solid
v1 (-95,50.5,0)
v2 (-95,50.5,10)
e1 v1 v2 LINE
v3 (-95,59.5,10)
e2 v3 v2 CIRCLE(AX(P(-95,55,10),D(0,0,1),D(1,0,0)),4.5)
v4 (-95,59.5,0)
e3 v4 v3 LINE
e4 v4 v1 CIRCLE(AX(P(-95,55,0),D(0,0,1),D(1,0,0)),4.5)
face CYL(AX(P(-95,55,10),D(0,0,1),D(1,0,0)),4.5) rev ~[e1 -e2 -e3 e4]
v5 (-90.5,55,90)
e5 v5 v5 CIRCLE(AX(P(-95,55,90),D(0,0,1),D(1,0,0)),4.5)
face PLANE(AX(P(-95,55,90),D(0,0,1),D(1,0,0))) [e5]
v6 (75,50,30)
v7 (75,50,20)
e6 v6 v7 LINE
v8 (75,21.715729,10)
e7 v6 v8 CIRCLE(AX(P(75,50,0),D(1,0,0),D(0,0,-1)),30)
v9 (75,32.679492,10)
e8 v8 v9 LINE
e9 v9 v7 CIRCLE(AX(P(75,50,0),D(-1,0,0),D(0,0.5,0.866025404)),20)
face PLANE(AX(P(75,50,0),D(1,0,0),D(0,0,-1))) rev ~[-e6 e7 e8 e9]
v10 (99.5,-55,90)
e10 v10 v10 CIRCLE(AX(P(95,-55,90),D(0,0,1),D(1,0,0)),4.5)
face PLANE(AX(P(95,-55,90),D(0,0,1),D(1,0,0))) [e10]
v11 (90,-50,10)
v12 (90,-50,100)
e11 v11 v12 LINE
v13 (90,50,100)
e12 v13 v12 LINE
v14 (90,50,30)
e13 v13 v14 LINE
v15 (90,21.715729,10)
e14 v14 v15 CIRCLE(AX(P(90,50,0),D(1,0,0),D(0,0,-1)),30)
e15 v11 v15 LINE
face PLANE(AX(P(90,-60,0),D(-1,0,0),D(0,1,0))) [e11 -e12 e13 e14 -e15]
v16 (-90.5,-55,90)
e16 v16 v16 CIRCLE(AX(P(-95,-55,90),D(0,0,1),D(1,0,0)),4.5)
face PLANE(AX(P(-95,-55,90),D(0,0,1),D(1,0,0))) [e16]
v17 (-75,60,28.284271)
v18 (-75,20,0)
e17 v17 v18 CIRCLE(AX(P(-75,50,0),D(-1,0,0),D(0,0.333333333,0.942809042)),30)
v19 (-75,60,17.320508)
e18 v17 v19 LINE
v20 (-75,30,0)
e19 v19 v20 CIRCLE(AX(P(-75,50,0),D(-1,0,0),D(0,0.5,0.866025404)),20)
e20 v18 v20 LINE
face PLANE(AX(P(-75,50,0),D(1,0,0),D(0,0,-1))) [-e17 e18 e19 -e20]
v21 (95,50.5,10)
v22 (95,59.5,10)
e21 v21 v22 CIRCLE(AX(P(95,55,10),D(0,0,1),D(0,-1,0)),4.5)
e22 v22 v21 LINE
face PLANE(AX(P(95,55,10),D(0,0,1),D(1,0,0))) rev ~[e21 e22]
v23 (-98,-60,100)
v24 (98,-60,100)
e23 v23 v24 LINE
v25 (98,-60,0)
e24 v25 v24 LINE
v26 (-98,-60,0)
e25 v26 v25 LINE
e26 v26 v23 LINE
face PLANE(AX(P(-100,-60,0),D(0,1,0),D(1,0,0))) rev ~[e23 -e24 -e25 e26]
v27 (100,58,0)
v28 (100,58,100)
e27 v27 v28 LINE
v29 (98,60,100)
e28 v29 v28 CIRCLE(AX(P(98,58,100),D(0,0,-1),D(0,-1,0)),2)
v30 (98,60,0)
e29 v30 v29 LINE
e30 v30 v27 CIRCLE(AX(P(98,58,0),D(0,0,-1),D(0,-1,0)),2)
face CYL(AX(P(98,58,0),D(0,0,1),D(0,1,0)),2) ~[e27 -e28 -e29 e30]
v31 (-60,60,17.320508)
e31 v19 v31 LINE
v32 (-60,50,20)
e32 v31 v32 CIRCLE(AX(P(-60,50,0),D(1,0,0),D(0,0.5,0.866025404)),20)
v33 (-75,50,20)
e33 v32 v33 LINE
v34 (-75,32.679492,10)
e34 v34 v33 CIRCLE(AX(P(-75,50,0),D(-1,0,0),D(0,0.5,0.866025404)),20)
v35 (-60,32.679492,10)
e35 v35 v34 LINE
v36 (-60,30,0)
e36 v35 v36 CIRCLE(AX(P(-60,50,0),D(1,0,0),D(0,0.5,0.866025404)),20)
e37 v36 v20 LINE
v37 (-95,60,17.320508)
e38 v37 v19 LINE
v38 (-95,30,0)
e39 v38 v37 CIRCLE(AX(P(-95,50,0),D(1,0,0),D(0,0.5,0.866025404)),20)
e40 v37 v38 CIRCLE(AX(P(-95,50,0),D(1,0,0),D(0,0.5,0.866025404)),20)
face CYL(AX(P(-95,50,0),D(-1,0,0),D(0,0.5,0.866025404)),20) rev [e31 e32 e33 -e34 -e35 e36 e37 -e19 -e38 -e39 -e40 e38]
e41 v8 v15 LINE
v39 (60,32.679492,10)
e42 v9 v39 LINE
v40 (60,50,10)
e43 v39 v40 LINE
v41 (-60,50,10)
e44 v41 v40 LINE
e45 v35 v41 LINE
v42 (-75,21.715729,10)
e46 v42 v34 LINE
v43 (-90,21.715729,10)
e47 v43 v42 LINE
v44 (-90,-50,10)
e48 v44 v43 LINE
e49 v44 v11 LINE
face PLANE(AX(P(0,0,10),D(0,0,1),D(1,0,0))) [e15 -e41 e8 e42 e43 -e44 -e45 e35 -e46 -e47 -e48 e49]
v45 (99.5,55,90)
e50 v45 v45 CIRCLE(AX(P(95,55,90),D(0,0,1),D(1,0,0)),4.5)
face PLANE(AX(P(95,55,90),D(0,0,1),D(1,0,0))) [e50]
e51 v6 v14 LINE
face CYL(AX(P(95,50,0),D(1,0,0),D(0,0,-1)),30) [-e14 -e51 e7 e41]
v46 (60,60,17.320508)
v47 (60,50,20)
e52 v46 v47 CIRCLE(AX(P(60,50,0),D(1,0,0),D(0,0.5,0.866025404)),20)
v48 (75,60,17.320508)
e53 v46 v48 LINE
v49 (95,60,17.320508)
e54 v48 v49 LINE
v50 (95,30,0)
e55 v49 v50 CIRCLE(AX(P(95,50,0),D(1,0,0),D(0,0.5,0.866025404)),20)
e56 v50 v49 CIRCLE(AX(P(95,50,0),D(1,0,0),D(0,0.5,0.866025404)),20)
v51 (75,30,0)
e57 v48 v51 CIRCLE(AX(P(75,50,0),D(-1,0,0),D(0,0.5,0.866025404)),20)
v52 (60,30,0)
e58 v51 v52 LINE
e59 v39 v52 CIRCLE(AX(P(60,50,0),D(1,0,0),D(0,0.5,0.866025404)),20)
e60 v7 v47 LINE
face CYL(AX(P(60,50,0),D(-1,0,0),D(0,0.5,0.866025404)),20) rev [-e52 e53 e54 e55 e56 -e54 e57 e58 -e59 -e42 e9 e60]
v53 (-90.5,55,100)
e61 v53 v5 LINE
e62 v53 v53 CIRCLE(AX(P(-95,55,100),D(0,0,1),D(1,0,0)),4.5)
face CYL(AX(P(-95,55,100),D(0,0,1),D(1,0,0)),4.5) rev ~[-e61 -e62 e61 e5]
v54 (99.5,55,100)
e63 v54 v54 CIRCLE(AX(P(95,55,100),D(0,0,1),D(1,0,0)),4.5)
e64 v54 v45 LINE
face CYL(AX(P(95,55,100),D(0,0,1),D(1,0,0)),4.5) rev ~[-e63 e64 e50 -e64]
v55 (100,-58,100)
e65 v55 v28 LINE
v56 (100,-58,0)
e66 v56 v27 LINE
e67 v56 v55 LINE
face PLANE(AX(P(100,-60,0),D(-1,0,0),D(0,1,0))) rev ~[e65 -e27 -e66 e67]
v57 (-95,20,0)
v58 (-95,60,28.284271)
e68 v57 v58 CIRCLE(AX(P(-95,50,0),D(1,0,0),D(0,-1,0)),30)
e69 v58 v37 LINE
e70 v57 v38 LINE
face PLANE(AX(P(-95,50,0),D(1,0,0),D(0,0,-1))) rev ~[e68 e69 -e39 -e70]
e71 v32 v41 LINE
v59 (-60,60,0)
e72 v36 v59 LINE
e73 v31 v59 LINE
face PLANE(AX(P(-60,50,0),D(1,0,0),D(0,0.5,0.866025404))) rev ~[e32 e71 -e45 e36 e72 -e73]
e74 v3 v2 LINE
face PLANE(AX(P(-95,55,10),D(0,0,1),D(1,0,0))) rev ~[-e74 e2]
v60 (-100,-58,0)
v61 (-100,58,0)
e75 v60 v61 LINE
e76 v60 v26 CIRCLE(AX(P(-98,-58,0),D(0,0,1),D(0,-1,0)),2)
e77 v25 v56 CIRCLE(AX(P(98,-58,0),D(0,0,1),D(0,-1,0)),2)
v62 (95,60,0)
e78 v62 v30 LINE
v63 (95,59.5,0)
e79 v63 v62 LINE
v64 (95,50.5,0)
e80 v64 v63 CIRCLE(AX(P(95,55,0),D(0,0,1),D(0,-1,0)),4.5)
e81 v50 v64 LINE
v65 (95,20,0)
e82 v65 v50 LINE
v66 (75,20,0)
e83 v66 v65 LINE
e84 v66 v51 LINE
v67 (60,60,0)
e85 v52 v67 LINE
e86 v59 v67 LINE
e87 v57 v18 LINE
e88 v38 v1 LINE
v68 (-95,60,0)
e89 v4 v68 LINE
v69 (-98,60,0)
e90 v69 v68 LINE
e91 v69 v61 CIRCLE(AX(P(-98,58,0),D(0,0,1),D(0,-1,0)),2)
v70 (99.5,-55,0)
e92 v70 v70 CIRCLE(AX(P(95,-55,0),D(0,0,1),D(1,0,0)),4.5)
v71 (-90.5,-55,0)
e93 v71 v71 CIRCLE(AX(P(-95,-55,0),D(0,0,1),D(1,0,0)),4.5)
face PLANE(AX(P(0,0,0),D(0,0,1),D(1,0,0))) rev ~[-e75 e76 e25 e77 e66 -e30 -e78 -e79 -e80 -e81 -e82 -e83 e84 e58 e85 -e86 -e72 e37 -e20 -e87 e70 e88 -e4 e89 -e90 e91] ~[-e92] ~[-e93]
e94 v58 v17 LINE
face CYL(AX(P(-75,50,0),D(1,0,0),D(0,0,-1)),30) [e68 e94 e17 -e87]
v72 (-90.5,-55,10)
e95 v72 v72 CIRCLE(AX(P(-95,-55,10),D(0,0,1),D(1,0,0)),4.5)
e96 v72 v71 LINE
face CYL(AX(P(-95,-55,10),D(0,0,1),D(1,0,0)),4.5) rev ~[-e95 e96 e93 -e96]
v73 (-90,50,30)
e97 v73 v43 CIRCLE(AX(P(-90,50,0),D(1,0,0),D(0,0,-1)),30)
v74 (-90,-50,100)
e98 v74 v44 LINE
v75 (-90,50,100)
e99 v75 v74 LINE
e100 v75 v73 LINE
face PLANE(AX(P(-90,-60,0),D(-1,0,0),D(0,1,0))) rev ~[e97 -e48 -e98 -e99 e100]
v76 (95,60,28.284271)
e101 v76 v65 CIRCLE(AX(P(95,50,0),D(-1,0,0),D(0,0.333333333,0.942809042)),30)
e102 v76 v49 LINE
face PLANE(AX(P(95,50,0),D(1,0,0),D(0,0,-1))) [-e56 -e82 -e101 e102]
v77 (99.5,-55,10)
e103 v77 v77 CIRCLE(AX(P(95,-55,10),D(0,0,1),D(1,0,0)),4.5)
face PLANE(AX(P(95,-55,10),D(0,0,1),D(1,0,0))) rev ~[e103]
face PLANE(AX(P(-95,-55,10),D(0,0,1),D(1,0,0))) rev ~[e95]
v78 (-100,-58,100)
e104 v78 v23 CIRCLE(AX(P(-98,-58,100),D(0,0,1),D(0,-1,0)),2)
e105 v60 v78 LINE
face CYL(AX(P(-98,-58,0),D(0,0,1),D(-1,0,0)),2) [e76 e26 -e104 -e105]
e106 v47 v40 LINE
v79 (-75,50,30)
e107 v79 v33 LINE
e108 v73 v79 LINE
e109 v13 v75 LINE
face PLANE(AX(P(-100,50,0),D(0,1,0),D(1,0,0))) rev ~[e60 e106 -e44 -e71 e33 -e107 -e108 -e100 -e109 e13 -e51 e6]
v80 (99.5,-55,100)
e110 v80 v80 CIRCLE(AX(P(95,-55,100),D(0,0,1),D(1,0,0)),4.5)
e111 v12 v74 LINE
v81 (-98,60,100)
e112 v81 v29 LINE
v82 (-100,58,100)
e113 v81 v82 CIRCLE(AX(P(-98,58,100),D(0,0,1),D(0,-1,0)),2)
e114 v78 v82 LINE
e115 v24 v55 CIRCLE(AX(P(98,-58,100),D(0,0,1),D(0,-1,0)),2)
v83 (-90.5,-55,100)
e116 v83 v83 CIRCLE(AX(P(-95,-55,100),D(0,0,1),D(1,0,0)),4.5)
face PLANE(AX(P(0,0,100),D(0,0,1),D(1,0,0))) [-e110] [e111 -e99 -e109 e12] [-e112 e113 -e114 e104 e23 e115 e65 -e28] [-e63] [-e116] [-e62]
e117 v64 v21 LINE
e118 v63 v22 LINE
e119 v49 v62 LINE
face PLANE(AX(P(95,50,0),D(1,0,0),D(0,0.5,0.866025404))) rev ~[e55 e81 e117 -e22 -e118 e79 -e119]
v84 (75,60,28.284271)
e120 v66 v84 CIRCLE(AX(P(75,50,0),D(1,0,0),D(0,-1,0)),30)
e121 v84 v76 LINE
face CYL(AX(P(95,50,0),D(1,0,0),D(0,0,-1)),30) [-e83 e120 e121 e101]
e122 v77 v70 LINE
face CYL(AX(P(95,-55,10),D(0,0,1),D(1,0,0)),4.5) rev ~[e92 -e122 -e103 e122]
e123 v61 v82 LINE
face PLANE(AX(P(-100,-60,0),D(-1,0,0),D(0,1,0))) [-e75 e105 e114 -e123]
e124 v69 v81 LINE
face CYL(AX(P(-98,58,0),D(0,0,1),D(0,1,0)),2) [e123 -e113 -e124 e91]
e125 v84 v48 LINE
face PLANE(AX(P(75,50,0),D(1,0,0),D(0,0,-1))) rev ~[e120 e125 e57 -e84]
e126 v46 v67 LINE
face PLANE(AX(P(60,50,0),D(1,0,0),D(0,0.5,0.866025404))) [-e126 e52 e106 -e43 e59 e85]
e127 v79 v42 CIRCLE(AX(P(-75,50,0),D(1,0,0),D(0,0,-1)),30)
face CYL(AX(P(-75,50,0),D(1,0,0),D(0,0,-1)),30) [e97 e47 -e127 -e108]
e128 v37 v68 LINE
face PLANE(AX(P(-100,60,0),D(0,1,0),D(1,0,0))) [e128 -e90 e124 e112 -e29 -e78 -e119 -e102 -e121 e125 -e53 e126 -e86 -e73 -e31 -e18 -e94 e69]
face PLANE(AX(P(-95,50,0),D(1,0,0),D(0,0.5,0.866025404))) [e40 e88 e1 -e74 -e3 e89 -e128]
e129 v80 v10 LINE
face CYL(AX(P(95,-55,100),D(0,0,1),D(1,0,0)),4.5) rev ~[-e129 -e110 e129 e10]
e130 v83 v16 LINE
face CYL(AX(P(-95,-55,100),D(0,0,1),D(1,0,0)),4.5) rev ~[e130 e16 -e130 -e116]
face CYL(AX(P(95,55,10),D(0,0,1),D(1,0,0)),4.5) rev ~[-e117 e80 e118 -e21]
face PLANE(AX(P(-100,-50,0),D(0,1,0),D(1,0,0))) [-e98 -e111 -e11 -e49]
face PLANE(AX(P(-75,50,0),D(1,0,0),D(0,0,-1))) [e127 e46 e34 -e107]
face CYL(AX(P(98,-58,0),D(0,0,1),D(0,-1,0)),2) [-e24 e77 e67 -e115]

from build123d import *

# Parameters (mm, degrees)
SKETCH1_W           = 200
SKETCH1_H           = 120
BOSS_EXTRUDE1_DEPTH = 100
SHELL1_T            = -10
SKETCH2_R           = 30
BOSS_EXTRUDE2_DEPTH = 20
BOSS_EXTRUDE3_START = 20
SKETCH3_R           = 30
BOSS_EXTRUDE3_DEPTH = 20
SKETCH4_R           = 20
CUT_EXTRUDE1_DEPTH  = 35
CUT_EXTRUDE2_START  = -35
SKETCH5_R           = 20
CUT_EXTRUDE2_DEPTH  = 35
SKETCH7_R           = 4.5
CUT_EXTRUDE3_DEPTH  = 10
CUT_EXTRUDE4_START  = 10
SKETCH8_R           = 4.5
CUT_EXTRUDE4_DEPTH  = 10
FILLET1_R           = 2


with BuildPart() as part:
    # Sketch1 → Boss-Extrude1 (new body)
    with BuildSketch(Plane.XY):
        Rectangle(SKETCH1_W, SKETCH1_H)
    extrude(amount=BOSS_EXTRUDE1_DEPTH)

    # Shell1
    shell1_openings = [part.faces().sort_by_distance(p)[0] for p in [
        (0, 0, 100),
    ]]
    offset(amount=SHELL1_T, openings=shell1_openings, kind=Kind.INTERSECTION)

    # Sketch2 → Boss-Extrude2 (add)
    with BuildSketch(Plane(origin=(-75, 0, 0), x_dir=(0, 0, -1), z_dir=(1, 0, 0))):
        with Locations((0, 50)):
            Circle(SKETCH2_R)
    extrude(amount=-BOSS_EXTRUDE2_DEPTH)

    # Sketch3 → Boss-Extrude3 (add)
    with BuildSketch(Plane(origin=(75, 0, 0), x_dir=(0, 0, -1), z_dir=(1, 0, 0)).offset(BOSS_EXTRUDE3_START)):
        with Locations((0, 50)):
            Circle(SKETCH3_R)
    extrude(amount=-BOSS_EXTRUDE3_DEPTH)

    # Sketch4 → Cut-Extrude1 (cut)
    with BuildSketch(Plane(origin=(-95, 0, 0), x_dir=(0, 0, -1), z_dir=(1, 0, 0))):
        with Locations((0, 50)):
            Circle(SKETCH4_R)
    extrude(amount=CUT_EXTRUDE1_DEPTH, mode=Mode.SUBTRACT)

    # Sketch5 → Cut-Extrude2 (cut)
    with BuildSketch(Plane(origin=(95, 0, 0), x_dir=(0, 0, -1), z_dir=(1, 0, 0)).offset(CUT_EXTRUDE2_START)):
        with Locations((0, 50)):
            Circle(SKETCH5_R)
    extrude(amount=CUT_EXTRUDE2_DEPTH, mode=Mode.SUBTRACT)

    # Sketch7 → Cut-Extrude3 (cut)
    with BuildSketch(Plane.XY.offset(100)):
        with Locations((95, 55)):
            Circle(SKETCH7_R)
        with Locations((95, -55)):
            Circle(SKETCH7_R)
        with Locations((-95, 55)):
            Circle(SKETCH7_R)
        with Locations((-95, -55)):
            Circle(SKETCH7_R)
    extrude(amount=-CUT_EXTRUDE3_DEPTH, mode=Mode.SUBTRACT)

    # Sketch8 → Cut-Extrude4 (cut)
    with BuildSketch(Plane.XY.offset(CUT_EXTRUDE4_START)):
        with Locations((95, 55)):
            Circle(SKETCH8_R)
        with Locations((95, -55)):
            Circle(SKETCH8_R)
        with Locations((-95, 55)):
            Circle(SKETCH8_R)
        with Locations((-95, -55)):
            Circle(SKETCH8_R)
    extrude(amount=-CUT_EXTRUDE4_DEPTH, mode=Mode.SUBTRACT)

    # Fillet1
    fillet1_edges = [part.edges().sort_by_distance(p)[0] for p in [
        (-100, -60, 50),
        (-100, 60, 50),
        (100, -60, 50),
        (100, 60, 50),
    ]]
    fillet(fillet1_edges, radius=FILLET1_R)


solid = part.part
